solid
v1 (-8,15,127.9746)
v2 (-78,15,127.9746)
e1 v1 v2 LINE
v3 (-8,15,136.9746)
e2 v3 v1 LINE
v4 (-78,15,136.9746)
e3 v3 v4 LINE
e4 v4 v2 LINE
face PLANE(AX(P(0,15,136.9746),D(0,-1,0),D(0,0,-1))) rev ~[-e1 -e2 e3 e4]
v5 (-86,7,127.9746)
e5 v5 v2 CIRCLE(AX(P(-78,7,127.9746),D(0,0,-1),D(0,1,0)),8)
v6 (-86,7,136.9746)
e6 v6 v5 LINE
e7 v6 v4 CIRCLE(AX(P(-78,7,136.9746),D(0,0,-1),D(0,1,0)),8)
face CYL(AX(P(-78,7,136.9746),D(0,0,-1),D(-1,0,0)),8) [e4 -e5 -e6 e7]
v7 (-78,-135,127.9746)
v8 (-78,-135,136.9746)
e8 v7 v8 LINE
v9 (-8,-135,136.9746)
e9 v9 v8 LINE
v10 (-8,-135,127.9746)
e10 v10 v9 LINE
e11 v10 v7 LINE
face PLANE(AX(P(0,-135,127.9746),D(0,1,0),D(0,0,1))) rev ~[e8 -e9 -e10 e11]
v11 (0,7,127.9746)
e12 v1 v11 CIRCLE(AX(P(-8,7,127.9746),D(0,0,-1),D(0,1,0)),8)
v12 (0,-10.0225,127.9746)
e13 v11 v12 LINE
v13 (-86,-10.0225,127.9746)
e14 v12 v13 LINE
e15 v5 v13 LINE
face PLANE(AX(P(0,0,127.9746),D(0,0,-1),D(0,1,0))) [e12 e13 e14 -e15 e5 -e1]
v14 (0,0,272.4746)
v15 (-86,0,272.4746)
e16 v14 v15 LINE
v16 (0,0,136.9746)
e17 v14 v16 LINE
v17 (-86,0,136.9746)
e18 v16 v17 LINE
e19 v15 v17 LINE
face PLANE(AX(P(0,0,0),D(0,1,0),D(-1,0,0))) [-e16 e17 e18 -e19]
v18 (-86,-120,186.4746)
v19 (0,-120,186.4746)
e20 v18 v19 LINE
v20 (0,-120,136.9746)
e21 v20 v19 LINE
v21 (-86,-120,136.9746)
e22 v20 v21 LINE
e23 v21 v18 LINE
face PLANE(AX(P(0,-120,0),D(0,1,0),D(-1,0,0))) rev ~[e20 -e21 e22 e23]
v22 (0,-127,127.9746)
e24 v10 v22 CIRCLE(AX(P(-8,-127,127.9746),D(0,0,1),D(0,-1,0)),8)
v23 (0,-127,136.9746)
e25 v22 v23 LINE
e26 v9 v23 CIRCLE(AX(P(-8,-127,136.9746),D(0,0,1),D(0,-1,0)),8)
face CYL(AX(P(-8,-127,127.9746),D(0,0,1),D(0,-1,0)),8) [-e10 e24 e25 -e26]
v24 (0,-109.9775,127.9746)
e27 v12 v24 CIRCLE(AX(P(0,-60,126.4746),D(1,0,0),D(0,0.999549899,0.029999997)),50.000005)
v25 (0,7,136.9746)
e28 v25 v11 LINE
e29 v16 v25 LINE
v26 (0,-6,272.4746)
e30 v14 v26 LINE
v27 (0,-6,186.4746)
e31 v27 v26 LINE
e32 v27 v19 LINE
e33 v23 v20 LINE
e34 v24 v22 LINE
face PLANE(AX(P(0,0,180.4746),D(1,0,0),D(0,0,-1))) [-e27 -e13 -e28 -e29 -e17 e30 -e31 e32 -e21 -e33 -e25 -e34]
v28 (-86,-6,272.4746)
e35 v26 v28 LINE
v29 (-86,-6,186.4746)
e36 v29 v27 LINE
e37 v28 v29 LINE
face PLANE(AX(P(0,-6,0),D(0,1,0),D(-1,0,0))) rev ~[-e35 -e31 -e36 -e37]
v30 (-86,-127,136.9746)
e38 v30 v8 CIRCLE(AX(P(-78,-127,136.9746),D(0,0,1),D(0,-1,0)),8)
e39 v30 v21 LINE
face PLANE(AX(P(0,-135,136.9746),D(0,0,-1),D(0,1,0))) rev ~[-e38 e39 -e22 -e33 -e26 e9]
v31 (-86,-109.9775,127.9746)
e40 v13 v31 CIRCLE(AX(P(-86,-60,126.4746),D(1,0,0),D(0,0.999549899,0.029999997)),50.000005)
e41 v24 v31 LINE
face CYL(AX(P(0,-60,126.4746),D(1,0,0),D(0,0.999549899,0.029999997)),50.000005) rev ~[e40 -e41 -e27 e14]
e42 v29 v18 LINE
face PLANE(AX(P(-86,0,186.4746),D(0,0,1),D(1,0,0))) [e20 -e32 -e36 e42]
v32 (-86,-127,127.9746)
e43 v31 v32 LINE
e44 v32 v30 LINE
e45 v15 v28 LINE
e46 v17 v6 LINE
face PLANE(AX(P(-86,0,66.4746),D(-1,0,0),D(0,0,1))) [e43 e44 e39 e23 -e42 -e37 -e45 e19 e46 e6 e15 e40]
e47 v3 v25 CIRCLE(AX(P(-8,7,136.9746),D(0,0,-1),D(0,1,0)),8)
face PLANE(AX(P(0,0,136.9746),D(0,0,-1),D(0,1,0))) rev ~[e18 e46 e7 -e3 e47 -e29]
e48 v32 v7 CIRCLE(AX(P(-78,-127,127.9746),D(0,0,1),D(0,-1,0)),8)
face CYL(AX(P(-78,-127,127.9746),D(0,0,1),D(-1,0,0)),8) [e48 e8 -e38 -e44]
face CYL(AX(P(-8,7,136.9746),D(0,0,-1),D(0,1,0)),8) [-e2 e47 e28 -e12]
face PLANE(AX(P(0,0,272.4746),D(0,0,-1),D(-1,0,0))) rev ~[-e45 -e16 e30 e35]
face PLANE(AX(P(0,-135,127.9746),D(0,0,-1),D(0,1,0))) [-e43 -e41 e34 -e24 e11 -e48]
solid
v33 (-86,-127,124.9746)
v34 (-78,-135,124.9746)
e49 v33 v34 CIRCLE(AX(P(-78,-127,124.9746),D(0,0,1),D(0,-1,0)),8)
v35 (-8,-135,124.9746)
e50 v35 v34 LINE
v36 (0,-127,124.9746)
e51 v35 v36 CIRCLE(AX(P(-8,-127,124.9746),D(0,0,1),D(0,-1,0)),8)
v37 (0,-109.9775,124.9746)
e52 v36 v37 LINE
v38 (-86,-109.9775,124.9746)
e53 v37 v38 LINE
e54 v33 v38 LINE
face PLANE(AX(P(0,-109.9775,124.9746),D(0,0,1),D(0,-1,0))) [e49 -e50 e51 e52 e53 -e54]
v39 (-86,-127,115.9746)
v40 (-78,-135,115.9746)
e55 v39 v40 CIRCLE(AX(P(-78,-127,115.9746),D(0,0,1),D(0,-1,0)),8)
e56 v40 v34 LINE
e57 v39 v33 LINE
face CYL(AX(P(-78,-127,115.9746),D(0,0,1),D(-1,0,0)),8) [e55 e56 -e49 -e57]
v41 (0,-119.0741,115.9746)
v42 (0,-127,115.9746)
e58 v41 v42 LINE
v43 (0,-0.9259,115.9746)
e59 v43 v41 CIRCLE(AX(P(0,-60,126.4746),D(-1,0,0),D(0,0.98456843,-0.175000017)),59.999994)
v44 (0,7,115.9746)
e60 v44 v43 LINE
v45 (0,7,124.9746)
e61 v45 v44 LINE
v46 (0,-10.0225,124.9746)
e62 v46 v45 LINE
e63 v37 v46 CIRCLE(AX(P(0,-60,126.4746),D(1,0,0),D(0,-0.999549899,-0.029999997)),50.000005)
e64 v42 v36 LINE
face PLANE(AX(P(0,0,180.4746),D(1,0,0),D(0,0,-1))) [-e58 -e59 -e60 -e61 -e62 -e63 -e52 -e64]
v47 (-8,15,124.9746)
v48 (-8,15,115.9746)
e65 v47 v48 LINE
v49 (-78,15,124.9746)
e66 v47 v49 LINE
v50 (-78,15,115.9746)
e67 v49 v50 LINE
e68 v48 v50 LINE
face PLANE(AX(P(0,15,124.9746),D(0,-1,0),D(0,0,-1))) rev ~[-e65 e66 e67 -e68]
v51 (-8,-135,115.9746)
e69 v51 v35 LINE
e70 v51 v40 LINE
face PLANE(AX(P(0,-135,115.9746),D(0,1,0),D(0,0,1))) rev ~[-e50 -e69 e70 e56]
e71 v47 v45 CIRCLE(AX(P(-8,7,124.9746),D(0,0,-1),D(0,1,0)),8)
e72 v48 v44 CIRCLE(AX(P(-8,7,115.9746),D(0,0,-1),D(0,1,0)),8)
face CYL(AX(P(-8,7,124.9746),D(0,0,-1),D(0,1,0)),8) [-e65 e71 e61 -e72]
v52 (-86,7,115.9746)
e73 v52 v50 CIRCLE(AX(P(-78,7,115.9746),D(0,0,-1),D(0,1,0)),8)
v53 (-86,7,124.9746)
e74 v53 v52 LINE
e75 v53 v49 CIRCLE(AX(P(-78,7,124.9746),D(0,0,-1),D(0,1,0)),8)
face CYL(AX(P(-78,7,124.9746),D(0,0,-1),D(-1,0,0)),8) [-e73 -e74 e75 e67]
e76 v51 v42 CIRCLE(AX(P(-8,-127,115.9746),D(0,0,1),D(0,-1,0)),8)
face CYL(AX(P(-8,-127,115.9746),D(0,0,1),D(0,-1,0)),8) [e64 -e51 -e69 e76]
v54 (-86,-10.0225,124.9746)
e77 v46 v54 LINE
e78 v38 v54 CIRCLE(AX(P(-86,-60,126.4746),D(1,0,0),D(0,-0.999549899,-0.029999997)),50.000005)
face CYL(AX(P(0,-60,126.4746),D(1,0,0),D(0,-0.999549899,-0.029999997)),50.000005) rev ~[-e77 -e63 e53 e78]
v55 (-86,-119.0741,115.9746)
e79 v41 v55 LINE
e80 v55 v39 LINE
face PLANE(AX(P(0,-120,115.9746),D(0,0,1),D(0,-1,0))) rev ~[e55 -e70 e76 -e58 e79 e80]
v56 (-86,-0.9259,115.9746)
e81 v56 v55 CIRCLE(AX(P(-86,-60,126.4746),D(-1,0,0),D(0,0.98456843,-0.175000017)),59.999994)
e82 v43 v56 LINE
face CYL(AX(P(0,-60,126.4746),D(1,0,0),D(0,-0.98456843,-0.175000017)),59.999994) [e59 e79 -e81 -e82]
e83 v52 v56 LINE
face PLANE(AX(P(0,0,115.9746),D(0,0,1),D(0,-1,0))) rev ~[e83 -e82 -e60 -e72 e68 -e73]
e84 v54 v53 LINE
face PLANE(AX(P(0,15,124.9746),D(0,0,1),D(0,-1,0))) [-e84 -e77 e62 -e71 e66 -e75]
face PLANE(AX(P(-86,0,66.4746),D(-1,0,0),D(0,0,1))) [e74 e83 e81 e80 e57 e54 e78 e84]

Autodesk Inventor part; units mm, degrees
ref_plane "YZ Plane" through (0, 0, 0) normal (1, 0, 0) x (0, 1, 0)
ref_plane "XZ Plane" through (0, 0, 0) normal (0, 1, 0) x (-1, 0, 0)
ref_plane "XY Plane" through (0, 0, 0) normal (0, 0, 1) x (1, 0, 0)
sketch "Szkic1" plane through (0, 0, 0) normal (0, 1, 0) x (-1, 0, 0)
  line L0 (0, 272.4746) -> (86, 272.4746)
  line L1 (86, 272.4746) -> (86, 186.4746)
  line L2 (86, 186.4746) -> (0, 186.4746)
  line L3 (0, 186.4746) -> (0, 272.4746)
  line L4 (0, 186.4746) -> (0, 180.4746)
  line L5 (0, 180.4746) -> (86, 180.4746)
  line L6 (86, 180.4746) -> (86, 186.4746)
  line L7 (0, 180.4746) -> (0, 66.4746)
  line L8 (0, 66.4746) -> (86, 66.4746)
  line L9 (86, 66.4746) -> (86, 180.4746)
  point P0 (0, 0)
  dimension "d0" = 86
  dimension "d1" = 86
  dimension "d2" = 6
  dimension "d3" = 114
  dimension "d4" = 86
extrude "Wyciągnięcie proste1" add sketch "Szkic1" against normal blind 6 contours L0 L1 L2 L3
extrude "Wyciągnięcie proste2" add sketch "Szkic1" against normal blind 120 contours L2 L6 L5 L4
extrude "Wyciągnięcie proste3" add sketch "Szkic1" against normal blind 120 contours L5 L9 L8 L7
sketch "Szkic3" plane through (0, -120, 186.4746) normal (1, 0, 0) x (0, 0, -1)
  line L0 (49.5, 135) -> (70.5, 135)
  line L1 (49.5, 135) -> (70.5, -15) construction
  line L2 (70.5, 135) -> (49.5, -15) construction
  line L3 (0, 0) -> (120, 0) projected
  line L4 (120, 120) -> (120, 0)
  line L5 (120, 0) -> (0, 0)
  line L6 (0, 0) -> (0, 120)
  line L7 (0, 120) -> (120, 0) construction
  line L8 (120, 120) -> (0, 0) construction
  line L9 (49.5, -15) -> (49.5, 0)
  line L10 (49.5, 120) -> (49.5, 135)
  line L11 (70.5, 135) -> (70.5, 119.0741)
  line L12 (70.5, 0.9259) -> (70.5, -15)
  arc A0 (70.5, 0.9259) -> (70.5, 119.0741) centre (60, 60) ccw
  line L13 (58.5, 135) -> (61.5, 135)
  line L14 (61.5, -15) -> (58.5, 135) construction
  line L15 (58.5, -15) -> (61.5, 135) construction
  line L16 (70.5, -15) -> (61.5, -15)
  line L17 (58.5, -15) -> (49.5, -15)
  line L18 (58.5, -15) -> (58.5, 10.0225)
  line L19 (61.5, 10.0225) -> (61.5, -15)
  line L20 (61.5, 135) -> (61.5, 109.9775)
  line L21 (58.5, 109.9775) -> (58.5, 135)
  arc A1 (61.5, 10.0225) -> (61.5, 109.9775) centre (60, 60) ccw
  arc A2 (58.5, 109.9775) -> (58.5, 10.0225) centre (60, 60) ccw
  line L22 (0, 120) -> (58.5, 120)
  line L23 (61.5, 120) -> (120, 120)
  line L24 (58.5, -15) -> (61.5, -15)
  point P0 (186.4746, 120)
  point P1 (70.5, 0)
  point P2 (61.5, 0)
  point P3 (58.5, 0)
  point P4 (49.5, 0)
  point P5 (70.5, 120)
  point P6 (120, 60)
extrude "Wyciągnięcie proste4" add sketch "Szkic3" against normal blind 86 contours L0 L21 L22 L10 | L0 L11 L23 L20 | L3 L18 L17 L9 | L3 L12 L16 L19
extrude "Wyciągnięcie proste5" cut sketch "Szkic3" against normal blind 86 contours L0 L20 A1 L19 L3 L18 A2 L21 | L23 L4 A0 L11 | L3 L19 L24 L18 | L4 L3 L12 A0
fillet "Zaokrąglenie1" radius 8 8 edges at (-86, 15, 120.4746) (-86, 15, 132.4746) (0, 15, 120.4746) (0, 15, 132.4746) (-86, -135, 120.4746) (-86, -135, 132.4746) (0, -135, 120.4746) (0, -135, 132.4746)
properties part number "mocowanie_silnika_członu_3"
